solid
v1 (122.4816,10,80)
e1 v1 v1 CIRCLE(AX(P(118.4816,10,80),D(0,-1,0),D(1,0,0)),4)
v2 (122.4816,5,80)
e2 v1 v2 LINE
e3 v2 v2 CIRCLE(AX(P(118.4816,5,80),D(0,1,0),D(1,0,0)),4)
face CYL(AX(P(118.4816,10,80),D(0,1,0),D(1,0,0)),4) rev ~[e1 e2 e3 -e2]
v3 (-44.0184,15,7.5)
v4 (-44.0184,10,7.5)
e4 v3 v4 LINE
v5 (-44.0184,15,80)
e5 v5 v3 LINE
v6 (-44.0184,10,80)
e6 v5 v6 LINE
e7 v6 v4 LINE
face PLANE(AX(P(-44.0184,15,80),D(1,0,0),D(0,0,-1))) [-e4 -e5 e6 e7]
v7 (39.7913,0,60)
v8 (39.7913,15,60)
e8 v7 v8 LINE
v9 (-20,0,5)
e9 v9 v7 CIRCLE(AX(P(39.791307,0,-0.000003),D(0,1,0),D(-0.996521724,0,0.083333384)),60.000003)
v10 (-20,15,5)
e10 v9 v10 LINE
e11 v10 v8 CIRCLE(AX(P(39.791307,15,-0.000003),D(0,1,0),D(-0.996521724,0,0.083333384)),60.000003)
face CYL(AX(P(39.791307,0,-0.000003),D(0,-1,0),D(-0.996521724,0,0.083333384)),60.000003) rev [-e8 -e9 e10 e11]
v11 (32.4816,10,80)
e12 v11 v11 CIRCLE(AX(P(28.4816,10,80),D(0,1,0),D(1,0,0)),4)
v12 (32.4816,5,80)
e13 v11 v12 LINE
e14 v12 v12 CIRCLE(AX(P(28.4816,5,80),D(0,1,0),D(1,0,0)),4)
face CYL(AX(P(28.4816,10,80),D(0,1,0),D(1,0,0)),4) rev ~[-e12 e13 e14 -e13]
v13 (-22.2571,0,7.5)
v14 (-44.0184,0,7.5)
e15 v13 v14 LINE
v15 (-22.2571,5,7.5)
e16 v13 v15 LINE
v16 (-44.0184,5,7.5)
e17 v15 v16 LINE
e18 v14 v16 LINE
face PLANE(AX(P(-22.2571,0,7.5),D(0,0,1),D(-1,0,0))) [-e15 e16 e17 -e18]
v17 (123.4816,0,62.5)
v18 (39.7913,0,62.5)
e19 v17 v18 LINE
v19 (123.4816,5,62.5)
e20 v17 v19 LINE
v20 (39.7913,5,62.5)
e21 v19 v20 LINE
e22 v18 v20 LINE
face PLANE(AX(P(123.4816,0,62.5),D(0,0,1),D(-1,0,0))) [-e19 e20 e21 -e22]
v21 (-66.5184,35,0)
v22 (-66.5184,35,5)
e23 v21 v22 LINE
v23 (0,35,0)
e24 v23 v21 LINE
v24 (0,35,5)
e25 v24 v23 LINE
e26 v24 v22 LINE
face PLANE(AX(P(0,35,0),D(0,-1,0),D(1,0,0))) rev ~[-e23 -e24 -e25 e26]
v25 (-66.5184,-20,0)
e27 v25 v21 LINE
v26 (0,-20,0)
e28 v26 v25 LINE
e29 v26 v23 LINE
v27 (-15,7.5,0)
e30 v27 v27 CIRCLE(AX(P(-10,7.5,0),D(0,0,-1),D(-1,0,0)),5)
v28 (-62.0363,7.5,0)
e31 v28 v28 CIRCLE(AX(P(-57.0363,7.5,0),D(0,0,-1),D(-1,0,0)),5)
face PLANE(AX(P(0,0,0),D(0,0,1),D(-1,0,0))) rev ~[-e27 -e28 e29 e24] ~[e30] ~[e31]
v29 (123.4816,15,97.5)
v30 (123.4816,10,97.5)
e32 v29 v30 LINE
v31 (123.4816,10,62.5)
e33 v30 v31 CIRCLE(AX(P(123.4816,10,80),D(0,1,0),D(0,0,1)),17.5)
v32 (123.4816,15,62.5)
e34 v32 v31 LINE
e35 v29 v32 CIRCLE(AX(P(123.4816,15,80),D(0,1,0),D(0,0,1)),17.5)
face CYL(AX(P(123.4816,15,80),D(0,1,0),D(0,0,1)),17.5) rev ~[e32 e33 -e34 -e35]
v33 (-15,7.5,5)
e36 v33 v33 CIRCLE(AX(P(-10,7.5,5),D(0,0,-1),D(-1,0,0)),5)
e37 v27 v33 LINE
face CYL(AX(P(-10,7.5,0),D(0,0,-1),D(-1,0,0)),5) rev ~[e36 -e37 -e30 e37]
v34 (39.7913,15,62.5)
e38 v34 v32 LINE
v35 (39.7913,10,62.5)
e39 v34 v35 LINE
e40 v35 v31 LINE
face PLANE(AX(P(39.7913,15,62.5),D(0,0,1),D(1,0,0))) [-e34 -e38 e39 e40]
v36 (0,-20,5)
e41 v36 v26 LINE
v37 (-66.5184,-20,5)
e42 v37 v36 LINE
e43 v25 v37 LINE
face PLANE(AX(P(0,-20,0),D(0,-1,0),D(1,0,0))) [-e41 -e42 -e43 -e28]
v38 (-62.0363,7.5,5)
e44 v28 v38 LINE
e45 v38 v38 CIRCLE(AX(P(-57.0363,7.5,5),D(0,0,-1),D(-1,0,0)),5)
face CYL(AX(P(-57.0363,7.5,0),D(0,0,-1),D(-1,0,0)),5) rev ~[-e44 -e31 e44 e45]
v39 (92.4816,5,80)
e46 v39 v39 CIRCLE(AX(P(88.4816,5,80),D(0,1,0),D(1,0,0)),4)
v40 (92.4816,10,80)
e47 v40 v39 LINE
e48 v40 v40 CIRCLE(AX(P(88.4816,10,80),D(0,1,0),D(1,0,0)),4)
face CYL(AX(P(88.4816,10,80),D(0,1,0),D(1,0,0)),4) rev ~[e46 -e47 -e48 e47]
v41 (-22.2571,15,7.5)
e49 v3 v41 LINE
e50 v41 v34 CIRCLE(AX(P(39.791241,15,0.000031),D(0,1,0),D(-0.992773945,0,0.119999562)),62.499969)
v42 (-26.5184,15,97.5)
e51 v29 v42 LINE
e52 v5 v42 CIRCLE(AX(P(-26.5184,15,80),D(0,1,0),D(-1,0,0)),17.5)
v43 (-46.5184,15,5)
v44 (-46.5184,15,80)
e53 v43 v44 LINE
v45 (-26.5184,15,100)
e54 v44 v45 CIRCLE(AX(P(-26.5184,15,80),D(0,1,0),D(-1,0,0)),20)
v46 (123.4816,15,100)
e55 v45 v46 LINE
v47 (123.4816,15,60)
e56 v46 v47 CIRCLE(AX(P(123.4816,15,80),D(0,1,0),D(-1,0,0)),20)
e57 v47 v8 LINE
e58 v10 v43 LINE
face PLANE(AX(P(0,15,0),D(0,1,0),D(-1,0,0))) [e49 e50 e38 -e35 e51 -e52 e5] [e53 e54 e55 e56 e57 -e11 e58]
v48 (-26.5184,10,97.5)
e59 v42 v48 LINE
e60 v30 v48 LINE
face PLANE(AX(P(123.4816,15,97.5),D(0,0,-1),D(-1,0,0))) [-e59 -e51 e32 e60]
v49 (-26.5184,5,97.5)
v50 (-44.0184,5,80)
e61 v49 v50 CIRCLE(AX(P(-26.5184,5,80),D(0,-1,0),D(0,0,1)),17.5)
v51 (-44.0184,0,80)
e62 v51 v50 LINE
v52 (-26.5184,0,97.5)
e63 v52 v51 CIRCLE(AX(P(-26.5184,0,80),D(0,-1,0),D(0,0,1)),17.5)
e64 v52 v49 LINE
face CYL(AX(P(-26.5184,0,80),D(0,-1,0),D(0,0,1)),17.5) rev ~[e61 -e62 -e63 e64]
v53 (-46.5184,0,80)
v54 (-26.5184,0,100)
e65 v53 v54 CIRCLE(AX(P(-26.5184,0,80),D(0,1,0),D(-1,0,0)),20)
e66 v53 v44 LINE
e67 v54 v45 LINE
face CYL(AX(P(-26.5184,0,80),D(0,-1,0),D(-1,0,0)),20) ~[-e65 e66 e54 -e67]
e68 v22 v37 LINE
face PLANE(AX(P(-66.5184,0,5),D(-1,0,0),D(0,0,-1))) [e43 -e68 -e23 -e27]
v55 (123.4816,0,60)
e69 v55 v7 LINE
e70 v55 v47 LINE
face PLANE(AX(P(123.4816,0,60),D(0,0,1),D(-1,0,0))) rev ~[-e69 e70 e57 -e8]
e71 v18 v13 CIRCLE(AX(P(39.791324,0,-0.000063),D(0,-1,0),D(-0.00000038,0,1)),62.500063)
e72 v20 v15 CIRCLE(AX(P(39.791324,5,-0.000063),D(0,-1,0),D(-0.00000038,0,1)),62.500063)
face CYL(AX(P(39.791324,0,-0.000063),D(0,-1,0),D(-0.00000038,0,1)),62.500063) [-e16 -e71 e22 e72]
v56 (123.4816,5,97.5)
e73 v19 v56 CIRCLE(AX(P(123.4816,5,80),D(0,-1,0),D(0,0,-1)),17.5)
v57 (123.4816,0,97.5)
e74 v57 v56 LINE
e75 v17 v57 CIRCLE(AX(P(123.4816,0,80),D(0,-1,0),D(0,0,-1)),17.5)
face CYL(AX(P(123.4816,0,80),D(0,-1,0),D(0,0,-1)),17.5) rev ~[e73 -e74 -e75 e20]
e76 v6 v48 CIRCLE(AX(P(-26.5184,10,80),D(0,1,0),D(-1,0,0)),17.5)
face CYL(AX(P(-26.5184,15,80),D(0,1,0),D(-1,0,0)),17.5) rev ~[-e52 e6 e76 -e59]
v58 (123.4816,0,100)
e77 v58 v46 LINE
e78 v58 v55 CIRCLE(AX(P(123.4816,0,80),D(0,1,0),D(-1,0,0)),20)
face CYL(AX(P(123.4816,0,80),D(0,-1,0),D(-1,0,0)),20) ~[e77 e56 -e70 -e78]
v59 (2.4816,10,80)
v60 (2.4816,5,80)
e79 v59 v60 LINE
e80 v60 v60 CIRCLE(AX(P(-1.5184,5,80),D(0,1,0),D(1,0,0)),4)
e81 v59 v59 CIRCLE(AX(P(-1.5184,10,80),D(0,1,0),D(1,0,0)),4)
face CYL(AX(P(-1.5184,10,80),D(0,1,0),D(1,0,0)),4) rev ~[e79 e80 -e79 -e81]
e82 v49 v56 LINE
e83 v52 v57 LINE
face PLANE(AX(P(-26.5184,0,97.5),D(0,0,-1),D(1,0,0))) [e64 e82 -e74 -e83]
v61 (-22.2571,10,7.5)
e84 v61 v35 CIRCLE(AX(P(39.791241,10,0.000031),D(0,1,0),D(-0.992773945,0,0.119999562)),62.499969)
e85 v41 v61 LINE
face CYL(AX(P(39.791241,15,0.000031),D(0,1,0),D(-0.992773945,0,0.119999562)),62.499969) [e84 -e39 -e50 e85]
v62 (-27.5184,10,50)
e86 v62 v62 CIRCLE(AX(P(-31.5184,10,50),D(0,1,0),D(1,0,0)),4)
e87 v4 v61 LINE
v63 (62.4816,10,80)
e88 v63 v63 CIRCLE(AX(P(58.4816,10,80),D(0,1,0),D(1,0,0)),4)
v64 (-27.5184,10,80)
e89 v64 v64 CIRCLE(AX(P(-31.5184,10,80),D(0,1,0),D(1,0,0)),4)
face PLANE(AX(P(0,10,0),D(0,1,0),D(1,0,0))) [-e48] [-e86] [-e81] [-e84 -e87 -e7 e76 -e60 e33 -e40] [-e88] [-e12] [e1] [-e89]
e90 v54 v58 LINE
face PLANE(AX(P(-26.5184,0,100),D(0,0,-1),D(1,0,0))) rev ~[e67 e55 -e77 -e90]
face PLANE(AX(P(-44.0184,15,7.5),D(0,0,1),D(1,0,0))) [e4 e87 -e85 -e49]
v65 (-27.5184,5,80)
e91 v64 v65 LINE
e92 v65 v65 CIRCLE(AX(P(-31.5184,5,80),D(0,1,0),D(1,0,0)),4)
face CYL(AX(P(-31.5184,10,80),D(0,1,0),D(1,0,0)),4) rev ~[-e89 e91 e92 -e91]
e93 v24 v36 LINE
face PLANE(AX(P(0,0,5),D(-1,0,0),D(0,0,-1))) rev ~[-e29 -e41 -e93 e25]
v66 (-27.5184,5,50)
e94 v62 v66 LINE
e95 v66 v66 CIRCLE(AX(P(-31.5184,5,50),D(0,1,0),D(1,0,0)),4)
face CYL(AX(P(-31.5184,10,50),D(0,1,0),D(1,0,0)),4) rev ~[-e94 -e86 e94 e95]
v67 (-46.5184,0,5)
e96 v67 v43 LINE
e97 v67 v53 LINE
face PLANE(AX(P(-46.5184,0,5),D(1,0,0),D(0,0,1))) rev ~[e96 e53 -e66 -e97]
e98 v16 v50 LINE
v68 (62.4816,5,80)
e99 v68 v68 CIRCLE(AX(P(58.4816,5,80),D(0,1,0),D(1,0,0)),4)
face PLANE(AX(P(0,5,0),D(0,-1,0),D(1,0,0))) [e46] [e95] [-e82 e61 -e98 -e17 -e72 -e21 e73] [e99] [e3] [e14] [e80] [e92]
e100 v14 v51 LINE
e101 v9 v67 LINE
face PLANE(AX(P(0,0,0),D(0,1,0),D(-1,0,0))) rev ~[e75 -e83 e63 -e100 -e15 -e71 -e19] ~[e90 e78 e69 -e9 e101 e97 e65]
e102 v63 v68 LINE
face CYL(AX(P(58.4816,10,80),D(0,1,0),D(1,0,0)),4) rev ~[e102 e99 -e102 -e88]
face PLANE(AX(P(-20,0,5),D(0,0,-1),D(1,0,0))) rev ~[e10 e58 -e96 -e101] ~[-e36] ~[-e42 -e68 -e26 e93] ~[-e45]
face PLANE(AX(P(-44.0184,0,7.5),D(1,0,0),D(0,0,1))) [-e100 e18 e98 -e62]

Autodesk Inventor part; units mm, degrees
ref_plane "YZ Plane" through (0, 0, 0) normal (1, 0, 0) x (0, 1, 0)
ref_plane "XZ Plane" through (0, 0, 0) normal (0, 1, 0) x (-1, 0, 0)
ref_plane "XY Plane" through (0, 0, 0) normal (0, 0, 1) x (1, 0, 0)
sketch "Sketch1" plane through (0, 0, 0) normal (0, 1, 0) x (-1, 0, 0)
  line L0 (0, 0) -> (80, 0)
  line L1 (20, 5) -> (0, 5)
  line L2 (0, 5) -> (0, 0)
  line L3 (46.5184, 5) -> (46.5184, 80)
  circle A0 centre (26.5184, 80) radius 20
  line L4 (26.5184, 100) -> (-123.4816, 100)
  circle A1 centre (-123.4816, 80) radius 20
  line L5 (-123.4816, 60) -> (-39.7913, 60)
  arc A2 (20, 5) -> (-39.7913, 60) centre (-39.7913, 0) ccw
  line L6 (46.5184, 5) -> (66.5184, 5)
  line L7 (66.5184, 5) -> (66.5184, 0)
  line L8 (66.5184, 0) -> (46.5184, 0)
  point P0 (16.5184, 60)
  dimension "d1" = 75
  dimension "d2" = 40
  dimension "d3" = 150
  dimension "d4" = 140
  dimension "d7" = 40
  dimension "d10" = 5
  dimension "d11" = 5
extrude "Extrusion1" add sketch "Sketch1" along normal blind 15
sketch "Sketch4" plane through (0, 0, 0) normal (0, -1, 0) x (1, 0, 0)
  line L0 (-26.5184, 100) -> (123.4816, 100) projected
  arc A0 (-26.5184, 100) -> (-46.5184, 80) centre (-26.5184, 80) ccw projected
  line L1 (-46.5184, 5) -> (-46.5184, 80) projected
  line L2 (-66.5184, 5) -> (-46.5184, 5) projected
  line L3 (-66.5184, 0) -> (-66.5184, 5) projected
  line L4 (0, 0) -> (-66.5184, 0) projected
  line L5 (0, 5) -> (0, 0) projected
  line L6 (-20, 5) -> (0, 5) projected
  arc A1 (39.7913, 60) -> (-20, 5) centre (39.7913, 0) ccw projected
  line L7 (123.4816, 60) -> (39.7913, 60) projected
  arc A2 (123.4816, 60) -> (123.4816, 100) centre (123.4816, 80) ccw projected
  line L8 (-20, 5) -> (-46.5184, 5)
extrude "Extrusion3" add sketch "Sketch4" along normal blind 20 and the other way blind 35 contours L8 L6 L5 L4 L3 L2
sketch "Sketch5" plane through (0, 0, 0) normal (0, -1, 0) x (1, 0, 0)
  line L0 (-46.5184, 5) -> (-20, 5) projected
  arc A0 (39.7913, 60) -> (-20, 5) centre (39.7913, 0) ccw projected
  line L1 (123.4816, 60) -> (39.7913, 60) projected
  arc A1 (123.4816, 60) -> (123.4816, 100) centre (123.4816, 80) ccw projected
  line L2 (-26.5184, 100) -> (123.4816, 100) projected
  arc A2 (-26.5184, 100) -> (-46.5184, 80) centre (-26.5184, 80) ccw projected
  line L3 (-46.5184, 5) -> (-46.5184, 80) projected
  arc A3 (39.7913, 62.5) -> (-22.2571, 7.5) centre (39.7913, 0) ccw
  line L4 (-22.2571, 7.5) -> (-44.0184, 7.5)
  line L5 (-44.0184, 7.5) -> (-44.0184, 80)
  arc A4 (-26.5184, 97.5) -> (-44.0184, 80) centre (-26.5184, 80) ccw
  line L6 (-26.5184, 97.5) -> (123.4816, 97.5)
  arc A5 (123.4816, 62.5) -> (123.4816, 97.5) centre (123.4816, 80) ccw
  line L7 (123.4816, 62.5) -> (39.7913, 62.5)
  point P0 (0, 0)
  dimension "d29" = 2.5
extrude "Extrusion4" cut sketch "Sketch5" against normal blind 5 contours A3 L4 L5 A4 L6 A5 L7
sketch "Sketch6" plane through (0, 15, 0) normal (0, 1, 0) x (1, 0, 0)
  line L0 (-20, -5) -> (-46.5184, -5) projected
  line L1 (-46.5184, -5) -> (-46.5184, -80) projected
  arc A0 (-46.5184, -80) -> (-26.5184, -100) centre (-26.5184, -80) ccw projected
  line L2 (-26.5184, -100) -> (123.4816, -100) projected
  arc A1 (123.4816, -100) -> (123.4816, -60) centre (123.4816, -80) ccw projected
  line L3 (123.4816, -60) -> (39.7913, -60) projected
  arc A2 (-20, -5) -> (39.7913, -60) centre (39.7913, 0) ccw projected
  line L4 (-44.0184, -80) -> (-44.0184, -7.5)
  line L5 (-44.0184, -7.5) -> (-22.2571, -7.5)
  arc A3 (-22.2571, -7.5) -> (39.7913, -62.5) centre (39.7913, 0) ccw
  line L6 (39.7913, -62.5) -> (123.4816, -62.5)
  arc A4 (123.4816, -97.5) -> (123.4816, -62.5) centre (123.4816, -80) ccw
  line L7 (123.4816, -97.5) -> (-26.5184, -97.5)
  arc A5 (-44.0184, -80) -> (-26.5184, -97.5) centre (-26.5184, -80) ccw
  point P0 (0, 0)
  dimension "d32" = 2.5
extrude "Extrusion5" cut sketch "Sketch6" against normal blind 5 contours L4 L5 A3 L6 A4 L7 A5
sketch "Sketch7" plane through (0, 10, 0) normal (0, 1, 0) x (1, 0, 0)
  line L0 (123.4816, -97.5) -> (-26.5184, -97.5) projected
  line L1 (39.7913, -62.5) -> (123.4816, -62.5) projected
  line L2 (123.4816, -62.5) -> (39.7913, -62.5) projected
  line L3 (118.4816, -62.5) -> (118.4816, -80)
  circle A0 centre (118.4816, -80) radius 4
  line L4 (-44.0184, -80) -> (-44.0184, -7.5) projected
  circle A1 centre (88.4816, -80) radius 4
  circle A2 centre (58.4816, -80) radius 4
  circle A3 centre (28.4816, -80) radius 4
  circle A4 centre (-1.5184, -80) radius 4
  circle A5 centre (-31.5184, -80) radius 4
  arc A6 (123.4816, -97.5) -> (123.4816, -62.5) centre (123.4816, -80) ccw projected
  circle A7 centre (-31.5184, -50) radius 4
  point P0 (0, 0)
  dimension "d35" = 35
  dimension "d36" = 17.5
  dimension "d37" = 8
  dimension "d39" = 8
  dimension "d41" = 8
  dimension "d43" = 8
  dimension "d45" = 8
  dimension "d46" = 8
  dimension "d47" = 30
  dimension "d48" = 30
  dimension "d49" = 30
  dimension "d50" = 30
  dimension "d51" = 5
  dimension "d52" = 30
  dimension "d53" = 8
  dimension "d54" = 30
extrude "Extrusion6" cut sketch "Sketch7" against normal blind 8
sketch "Sketch8" plane through (0, 35, 0) normal (0, 0, -1) x (-1, 0, 0)
  line L0 (20, -20) -> (46.5184, -20) projected
  line L1 (46.5184, -35) -> (20, -35) projected
  line L2 (20, -35) -> (20, -20) projected
  line L3 (46.5184, -35) -> (46.5184, -20) projected
  line L4 (0, 0) -> (66.5184, 0) projected
  line L5 (66.5184, -55) -> (0, -55) projected
  circle A0 centre (10, -27.5) radius 5
  circle A1 centre (57.0363, -27.5) radius 5
  point P0 (0, -35)
  dimension "d57" = 20
  dimension "d58" = 20
  dimension "d59" = 10
  dimension "d60" = 10
  dimension "d61" = 10
extrude "Extrusion7" cut sketch "Sketch8" against normal blind 10 contours A0 | A1
equation "\"d55\" = d39"
properties part number "Pylon2"
